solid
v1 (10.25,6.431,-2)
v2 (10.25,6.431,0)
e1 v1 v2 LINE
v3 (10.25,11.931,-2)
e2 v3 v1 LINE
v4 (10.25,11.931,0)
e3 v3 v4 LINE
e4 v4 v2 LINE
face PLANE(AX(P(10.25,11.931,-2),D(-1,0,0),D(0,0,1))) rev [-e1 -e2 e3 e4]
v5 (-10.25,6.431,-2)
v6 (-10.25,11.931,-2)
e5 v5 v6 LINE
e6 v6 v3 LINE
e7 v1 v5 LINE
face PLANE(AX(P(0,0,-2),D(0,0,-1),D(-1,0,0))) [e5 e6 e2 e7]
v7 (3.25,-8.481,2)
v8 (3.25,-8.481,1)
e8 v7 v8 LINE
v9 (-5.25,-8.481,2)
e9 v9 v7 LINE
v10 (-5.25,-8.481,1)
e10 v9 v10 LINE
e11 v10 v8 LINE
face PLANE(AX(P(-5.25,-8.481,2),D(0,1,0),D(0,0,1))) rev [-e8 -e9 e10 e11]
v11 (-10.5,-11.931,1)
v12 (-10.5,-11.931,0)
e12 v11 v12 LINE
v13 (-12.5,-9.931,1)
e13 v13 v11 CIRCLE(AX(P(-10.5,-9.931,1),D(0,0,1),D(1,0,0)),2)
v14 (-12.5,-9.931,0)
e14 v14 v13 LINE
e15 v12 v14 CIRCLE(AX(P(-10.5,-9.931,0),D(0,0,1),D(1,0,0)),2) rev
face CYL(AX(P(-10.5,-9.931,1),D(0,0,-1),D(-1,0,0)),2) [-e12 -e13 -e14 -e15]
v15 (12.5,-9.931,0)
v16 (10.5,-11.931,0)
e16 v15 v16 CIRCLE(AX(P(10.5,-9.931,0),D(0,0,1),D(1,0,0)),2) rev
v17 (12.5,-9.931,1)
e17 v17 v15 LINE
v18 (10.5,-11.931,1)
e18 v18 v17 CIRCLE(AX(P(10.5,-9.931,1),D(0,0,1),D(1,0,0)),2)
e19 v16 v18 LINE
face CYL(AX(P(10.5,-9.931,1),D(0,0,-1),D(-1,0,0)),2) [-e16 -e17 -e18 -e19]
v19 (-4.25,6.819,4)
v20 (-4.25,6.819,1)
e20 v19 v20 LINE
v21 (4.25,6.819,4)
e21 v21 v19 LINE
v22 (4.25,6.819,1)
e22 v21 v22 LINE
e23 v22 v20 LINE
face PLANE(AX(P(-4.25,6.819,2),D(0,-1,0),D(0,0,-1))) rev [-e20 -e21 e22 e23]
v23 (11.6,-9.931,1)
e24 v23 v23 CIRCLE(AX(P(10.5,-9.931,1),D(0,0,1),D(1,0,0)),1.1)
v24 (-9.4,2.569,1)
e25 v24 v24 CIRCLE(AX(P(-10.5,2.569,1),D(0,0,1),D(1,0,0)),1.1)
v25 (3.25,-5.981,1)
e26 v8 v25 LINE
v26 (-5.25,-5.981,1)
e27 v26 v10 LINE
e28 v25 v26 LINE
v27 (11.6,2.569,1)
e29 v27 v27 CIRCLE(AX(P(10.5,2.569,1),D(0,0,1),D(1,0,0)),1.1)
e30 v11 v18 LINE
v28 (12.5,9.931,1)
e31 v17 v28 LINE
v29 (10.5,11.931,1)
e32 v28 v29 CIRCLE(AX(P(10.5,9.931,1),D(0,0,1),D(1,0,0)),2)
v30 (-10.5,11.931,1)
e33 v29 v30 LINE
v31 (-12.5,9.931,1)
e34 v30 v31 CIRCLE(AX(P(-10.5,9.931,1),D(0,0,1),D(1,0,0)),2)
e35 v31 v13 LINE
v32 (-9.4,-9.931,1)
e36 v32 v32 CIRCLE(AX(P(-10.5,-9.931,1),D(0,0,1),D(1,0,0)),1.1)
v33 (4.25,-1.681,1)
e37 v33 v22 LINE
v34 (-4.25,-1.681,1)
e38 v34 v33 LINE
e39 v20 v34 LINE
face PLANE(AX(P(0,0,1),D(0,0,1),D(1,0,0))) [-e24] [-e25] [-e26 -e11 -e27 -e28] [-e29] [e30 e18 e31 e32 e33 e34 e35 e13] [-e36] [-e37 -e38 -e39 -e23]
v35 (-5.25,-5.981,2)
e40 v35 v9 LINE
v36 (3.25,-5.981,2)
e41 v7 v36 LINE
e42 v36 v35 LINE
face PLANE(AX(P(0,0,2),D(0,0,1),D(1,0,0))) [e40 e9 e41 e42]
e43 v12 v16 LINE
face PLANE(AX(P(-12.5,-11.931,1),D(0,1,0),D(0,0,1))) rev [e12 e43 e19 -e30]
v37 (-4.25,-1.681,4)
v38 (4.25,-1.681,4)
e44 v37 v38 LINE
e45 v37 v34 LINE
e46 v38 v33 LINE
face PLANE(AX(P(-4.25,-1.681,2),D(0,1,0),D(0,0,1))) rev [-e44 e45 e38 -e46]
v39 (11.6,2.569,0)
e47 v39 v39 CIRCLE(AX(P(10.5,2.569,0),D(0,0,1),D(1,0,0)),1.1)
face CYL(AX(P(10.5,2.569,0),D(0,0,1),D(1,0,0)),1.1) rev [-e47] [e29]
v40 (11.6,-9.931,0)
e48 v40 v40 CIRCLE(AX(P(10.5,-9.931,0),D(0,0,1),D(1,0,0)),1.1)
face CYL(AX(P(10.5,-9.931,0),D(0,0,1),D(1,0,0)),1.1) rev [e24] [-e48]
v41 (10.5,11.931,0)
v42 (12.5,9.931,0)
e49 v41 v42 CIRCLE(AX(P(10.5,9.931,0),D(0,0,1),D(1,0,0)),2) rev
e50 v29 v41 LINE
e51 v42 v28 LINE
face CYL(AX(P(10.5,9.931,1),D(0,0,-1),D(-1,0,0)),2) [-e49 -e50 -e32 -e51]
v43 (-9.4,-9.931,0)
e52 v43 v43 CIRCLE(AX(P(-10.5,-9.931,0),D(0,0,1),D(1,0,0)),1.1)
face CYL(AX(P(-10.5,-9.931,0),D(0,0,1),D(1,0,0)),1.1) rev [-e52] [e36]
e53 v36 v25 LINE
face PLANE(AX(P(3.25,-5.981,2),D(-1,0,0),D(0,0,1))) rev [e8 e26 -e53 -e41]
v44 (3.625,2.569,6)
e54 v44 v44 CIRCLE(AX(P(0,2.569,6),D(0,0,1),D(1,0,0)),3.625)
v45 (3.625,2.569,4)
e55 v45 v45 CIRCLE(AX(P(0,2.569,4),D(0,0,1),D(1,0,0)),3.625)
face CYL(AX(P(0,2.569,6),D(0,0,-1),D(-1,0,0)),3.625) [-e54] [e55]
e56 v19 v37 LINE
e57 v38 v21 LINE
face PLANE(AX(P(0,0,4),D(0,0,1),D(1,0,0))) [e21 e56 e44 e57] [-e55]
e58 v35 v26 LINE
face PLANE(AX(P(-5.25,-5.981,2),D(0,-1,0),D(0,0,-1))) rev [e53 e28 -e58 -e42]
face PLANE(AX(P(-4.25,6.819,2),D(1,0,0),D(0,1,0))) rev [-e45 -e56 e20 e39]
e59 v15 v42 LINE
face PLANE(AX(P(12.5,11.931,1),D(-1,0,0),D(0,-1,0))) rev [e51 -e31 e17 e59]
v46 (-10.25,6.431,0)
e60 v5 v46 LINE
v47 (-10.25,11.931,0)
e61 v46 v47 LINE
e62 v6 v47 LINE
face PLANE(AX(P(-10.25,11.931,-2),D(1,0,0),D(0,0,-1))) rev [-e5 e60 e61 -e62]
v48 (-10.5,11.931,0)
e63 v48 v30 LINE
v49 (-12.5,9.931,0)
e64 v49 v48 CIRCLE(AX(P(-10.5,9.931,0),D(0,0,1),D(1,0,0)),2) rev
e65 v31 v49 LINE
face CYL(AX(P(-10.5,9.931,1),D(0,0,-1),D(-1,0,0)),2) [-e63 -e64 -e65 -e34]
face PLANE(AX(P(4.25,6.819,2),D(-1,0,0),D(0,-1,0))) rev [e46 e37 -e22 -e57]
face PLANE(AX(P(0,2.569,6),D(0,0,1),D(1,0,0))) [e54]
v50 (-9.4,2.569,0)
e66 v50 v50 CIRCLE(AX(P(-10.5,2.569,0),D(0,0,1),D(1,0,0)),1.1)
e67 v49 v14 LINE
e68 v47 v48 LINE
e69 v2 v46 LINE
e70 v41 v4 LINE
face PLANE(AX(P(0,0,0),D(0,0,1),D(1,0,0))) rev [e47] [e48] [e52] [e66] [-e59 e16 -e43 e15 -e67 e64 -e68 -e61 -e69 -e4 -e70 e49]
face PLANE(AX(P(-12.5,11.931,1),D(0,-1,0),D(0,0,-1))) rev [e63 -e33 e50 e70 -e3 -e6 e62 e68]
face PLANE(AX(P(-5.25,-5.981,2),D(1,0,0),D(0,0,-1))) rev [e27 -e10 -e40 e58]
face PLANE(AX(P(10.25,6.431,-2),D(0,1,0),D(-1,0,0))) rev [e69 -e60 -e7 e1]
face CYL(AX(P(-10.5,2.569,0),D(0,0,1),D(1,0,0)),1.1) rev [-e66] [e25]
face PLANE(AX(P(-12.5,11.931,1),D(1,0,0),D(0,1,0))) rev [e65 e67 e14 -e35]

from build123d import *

# Parameters (mm, degrees)
SKETCH1_W           = 25
SKETCH1_H           = 23.862
BOSS_EXTRUDE1_DEPTH = 1
FILLET1_R           = 2
SKETCH2_R           = 1.1
CUT_EXTRUDE1_DEPTH  = 1
SKETCH3_W           = 8.5
SKETCH3_H           = 2.5
SKETCH3_H_2         = 8.5
BOSS_EXTRUDE2_DEPTH = 1
SKETCH4_W           = 8.5
SKETCH4_H           = 8.5
BOSS_EXTRUDE3_DEPTH = 2
SKETCH5_R           = 3.625
BOSS_EXTRUDE4_DEPTH = 2
SKETCH6_W           = 20.5
SKETCH6_H           = 5.5
BOSS_EXTRUDE5_DEPTH = 2


with BuildPart() as part:
    # Sketch1 → Boss-Extrude1 (new body)
    with BuildSketch(Plane.XY):
        Rectangle(SKETCH1_W, SKETCH1_H)
    extrude(amount=BOSS_EXTRUDE1_DEPTH)

    # Fillet1
    fillet1_edges = [part.edges().sort_by_distance(p)[0] for p in [
        (12.5, -11.931, 0.5),
        (-12.5, -11.931, 0.5),
        (-12.5, 11.931, 0.5),
        (12.5, 11.931, 0.5),
    ]]
    fillet(fillet1_edges, radius=FILLET1_R)

    # Sketch2 → Cut-Extrude1 (cut)
    with BuildSketch(Plane.XY.offset(1)):
        with Locations((-10.5, -9.931)):
            Circle(SKETCH2_R)
        with Locations((10.5, -9.931)):
            Circle(SKETCH2_R)
        with Locations((10.5, 2.569)):
            Circle(SKETCH2_R)
        with Locations((-10.5, 2.569)):
            Circle(SKETCH2_R)
    extrude(amount=-CUT_EXTRUDE1_DEPTH, mode=Mode.SUBTRACT)

    # Sketch3 → Boss-Extrude2 (add)
    with BuildSketch(Plane.XY.offset(1)):
        with Locations((-1, -7.231)):
            Rectangle(SKETCH3_W, SKETCH3_H)
        with Locations((0, 2.569)):
            Rectangle(SKETCH3_W, SKETCH3_H_2)
    extrude(amount=BOSS_EXTRUDE2_DEPTH)

    # Sketch4 → Boss-Extrude3 (add)
    with BuildSketch(Plane.XY.offset(2)):
        with Locations((0, 2.569)):
            Rectangle(SKETCH4_W, SKETCH4_H)
    extrude(amount=BOSS_EXTRUDE3_DEPTH)

    # Sketch5 → Boss-Extrude4 (add)
    with BuildSketch(Plane.XY.offset(4)):
        with Locations((0, 2.569)):
            Circle(SKETCH5_R)
    extrude(amount=BOSS_EXTRUDE4_DEPTH)

    # Sketch6 → Boss-Extrude5 (add)
    with BuildSketch(Plane(origin=(0, 0, 0), x_dir=(-1, 0, 0), z_dir=(0, 0, -1))):
        with Locations((0, 9.181)):
            Rectangle(SKETCH6_W, SKETCH6_H)
    extrude(amount=BOSS_EXTRUDE5_DEPTH)


solid = part.part
